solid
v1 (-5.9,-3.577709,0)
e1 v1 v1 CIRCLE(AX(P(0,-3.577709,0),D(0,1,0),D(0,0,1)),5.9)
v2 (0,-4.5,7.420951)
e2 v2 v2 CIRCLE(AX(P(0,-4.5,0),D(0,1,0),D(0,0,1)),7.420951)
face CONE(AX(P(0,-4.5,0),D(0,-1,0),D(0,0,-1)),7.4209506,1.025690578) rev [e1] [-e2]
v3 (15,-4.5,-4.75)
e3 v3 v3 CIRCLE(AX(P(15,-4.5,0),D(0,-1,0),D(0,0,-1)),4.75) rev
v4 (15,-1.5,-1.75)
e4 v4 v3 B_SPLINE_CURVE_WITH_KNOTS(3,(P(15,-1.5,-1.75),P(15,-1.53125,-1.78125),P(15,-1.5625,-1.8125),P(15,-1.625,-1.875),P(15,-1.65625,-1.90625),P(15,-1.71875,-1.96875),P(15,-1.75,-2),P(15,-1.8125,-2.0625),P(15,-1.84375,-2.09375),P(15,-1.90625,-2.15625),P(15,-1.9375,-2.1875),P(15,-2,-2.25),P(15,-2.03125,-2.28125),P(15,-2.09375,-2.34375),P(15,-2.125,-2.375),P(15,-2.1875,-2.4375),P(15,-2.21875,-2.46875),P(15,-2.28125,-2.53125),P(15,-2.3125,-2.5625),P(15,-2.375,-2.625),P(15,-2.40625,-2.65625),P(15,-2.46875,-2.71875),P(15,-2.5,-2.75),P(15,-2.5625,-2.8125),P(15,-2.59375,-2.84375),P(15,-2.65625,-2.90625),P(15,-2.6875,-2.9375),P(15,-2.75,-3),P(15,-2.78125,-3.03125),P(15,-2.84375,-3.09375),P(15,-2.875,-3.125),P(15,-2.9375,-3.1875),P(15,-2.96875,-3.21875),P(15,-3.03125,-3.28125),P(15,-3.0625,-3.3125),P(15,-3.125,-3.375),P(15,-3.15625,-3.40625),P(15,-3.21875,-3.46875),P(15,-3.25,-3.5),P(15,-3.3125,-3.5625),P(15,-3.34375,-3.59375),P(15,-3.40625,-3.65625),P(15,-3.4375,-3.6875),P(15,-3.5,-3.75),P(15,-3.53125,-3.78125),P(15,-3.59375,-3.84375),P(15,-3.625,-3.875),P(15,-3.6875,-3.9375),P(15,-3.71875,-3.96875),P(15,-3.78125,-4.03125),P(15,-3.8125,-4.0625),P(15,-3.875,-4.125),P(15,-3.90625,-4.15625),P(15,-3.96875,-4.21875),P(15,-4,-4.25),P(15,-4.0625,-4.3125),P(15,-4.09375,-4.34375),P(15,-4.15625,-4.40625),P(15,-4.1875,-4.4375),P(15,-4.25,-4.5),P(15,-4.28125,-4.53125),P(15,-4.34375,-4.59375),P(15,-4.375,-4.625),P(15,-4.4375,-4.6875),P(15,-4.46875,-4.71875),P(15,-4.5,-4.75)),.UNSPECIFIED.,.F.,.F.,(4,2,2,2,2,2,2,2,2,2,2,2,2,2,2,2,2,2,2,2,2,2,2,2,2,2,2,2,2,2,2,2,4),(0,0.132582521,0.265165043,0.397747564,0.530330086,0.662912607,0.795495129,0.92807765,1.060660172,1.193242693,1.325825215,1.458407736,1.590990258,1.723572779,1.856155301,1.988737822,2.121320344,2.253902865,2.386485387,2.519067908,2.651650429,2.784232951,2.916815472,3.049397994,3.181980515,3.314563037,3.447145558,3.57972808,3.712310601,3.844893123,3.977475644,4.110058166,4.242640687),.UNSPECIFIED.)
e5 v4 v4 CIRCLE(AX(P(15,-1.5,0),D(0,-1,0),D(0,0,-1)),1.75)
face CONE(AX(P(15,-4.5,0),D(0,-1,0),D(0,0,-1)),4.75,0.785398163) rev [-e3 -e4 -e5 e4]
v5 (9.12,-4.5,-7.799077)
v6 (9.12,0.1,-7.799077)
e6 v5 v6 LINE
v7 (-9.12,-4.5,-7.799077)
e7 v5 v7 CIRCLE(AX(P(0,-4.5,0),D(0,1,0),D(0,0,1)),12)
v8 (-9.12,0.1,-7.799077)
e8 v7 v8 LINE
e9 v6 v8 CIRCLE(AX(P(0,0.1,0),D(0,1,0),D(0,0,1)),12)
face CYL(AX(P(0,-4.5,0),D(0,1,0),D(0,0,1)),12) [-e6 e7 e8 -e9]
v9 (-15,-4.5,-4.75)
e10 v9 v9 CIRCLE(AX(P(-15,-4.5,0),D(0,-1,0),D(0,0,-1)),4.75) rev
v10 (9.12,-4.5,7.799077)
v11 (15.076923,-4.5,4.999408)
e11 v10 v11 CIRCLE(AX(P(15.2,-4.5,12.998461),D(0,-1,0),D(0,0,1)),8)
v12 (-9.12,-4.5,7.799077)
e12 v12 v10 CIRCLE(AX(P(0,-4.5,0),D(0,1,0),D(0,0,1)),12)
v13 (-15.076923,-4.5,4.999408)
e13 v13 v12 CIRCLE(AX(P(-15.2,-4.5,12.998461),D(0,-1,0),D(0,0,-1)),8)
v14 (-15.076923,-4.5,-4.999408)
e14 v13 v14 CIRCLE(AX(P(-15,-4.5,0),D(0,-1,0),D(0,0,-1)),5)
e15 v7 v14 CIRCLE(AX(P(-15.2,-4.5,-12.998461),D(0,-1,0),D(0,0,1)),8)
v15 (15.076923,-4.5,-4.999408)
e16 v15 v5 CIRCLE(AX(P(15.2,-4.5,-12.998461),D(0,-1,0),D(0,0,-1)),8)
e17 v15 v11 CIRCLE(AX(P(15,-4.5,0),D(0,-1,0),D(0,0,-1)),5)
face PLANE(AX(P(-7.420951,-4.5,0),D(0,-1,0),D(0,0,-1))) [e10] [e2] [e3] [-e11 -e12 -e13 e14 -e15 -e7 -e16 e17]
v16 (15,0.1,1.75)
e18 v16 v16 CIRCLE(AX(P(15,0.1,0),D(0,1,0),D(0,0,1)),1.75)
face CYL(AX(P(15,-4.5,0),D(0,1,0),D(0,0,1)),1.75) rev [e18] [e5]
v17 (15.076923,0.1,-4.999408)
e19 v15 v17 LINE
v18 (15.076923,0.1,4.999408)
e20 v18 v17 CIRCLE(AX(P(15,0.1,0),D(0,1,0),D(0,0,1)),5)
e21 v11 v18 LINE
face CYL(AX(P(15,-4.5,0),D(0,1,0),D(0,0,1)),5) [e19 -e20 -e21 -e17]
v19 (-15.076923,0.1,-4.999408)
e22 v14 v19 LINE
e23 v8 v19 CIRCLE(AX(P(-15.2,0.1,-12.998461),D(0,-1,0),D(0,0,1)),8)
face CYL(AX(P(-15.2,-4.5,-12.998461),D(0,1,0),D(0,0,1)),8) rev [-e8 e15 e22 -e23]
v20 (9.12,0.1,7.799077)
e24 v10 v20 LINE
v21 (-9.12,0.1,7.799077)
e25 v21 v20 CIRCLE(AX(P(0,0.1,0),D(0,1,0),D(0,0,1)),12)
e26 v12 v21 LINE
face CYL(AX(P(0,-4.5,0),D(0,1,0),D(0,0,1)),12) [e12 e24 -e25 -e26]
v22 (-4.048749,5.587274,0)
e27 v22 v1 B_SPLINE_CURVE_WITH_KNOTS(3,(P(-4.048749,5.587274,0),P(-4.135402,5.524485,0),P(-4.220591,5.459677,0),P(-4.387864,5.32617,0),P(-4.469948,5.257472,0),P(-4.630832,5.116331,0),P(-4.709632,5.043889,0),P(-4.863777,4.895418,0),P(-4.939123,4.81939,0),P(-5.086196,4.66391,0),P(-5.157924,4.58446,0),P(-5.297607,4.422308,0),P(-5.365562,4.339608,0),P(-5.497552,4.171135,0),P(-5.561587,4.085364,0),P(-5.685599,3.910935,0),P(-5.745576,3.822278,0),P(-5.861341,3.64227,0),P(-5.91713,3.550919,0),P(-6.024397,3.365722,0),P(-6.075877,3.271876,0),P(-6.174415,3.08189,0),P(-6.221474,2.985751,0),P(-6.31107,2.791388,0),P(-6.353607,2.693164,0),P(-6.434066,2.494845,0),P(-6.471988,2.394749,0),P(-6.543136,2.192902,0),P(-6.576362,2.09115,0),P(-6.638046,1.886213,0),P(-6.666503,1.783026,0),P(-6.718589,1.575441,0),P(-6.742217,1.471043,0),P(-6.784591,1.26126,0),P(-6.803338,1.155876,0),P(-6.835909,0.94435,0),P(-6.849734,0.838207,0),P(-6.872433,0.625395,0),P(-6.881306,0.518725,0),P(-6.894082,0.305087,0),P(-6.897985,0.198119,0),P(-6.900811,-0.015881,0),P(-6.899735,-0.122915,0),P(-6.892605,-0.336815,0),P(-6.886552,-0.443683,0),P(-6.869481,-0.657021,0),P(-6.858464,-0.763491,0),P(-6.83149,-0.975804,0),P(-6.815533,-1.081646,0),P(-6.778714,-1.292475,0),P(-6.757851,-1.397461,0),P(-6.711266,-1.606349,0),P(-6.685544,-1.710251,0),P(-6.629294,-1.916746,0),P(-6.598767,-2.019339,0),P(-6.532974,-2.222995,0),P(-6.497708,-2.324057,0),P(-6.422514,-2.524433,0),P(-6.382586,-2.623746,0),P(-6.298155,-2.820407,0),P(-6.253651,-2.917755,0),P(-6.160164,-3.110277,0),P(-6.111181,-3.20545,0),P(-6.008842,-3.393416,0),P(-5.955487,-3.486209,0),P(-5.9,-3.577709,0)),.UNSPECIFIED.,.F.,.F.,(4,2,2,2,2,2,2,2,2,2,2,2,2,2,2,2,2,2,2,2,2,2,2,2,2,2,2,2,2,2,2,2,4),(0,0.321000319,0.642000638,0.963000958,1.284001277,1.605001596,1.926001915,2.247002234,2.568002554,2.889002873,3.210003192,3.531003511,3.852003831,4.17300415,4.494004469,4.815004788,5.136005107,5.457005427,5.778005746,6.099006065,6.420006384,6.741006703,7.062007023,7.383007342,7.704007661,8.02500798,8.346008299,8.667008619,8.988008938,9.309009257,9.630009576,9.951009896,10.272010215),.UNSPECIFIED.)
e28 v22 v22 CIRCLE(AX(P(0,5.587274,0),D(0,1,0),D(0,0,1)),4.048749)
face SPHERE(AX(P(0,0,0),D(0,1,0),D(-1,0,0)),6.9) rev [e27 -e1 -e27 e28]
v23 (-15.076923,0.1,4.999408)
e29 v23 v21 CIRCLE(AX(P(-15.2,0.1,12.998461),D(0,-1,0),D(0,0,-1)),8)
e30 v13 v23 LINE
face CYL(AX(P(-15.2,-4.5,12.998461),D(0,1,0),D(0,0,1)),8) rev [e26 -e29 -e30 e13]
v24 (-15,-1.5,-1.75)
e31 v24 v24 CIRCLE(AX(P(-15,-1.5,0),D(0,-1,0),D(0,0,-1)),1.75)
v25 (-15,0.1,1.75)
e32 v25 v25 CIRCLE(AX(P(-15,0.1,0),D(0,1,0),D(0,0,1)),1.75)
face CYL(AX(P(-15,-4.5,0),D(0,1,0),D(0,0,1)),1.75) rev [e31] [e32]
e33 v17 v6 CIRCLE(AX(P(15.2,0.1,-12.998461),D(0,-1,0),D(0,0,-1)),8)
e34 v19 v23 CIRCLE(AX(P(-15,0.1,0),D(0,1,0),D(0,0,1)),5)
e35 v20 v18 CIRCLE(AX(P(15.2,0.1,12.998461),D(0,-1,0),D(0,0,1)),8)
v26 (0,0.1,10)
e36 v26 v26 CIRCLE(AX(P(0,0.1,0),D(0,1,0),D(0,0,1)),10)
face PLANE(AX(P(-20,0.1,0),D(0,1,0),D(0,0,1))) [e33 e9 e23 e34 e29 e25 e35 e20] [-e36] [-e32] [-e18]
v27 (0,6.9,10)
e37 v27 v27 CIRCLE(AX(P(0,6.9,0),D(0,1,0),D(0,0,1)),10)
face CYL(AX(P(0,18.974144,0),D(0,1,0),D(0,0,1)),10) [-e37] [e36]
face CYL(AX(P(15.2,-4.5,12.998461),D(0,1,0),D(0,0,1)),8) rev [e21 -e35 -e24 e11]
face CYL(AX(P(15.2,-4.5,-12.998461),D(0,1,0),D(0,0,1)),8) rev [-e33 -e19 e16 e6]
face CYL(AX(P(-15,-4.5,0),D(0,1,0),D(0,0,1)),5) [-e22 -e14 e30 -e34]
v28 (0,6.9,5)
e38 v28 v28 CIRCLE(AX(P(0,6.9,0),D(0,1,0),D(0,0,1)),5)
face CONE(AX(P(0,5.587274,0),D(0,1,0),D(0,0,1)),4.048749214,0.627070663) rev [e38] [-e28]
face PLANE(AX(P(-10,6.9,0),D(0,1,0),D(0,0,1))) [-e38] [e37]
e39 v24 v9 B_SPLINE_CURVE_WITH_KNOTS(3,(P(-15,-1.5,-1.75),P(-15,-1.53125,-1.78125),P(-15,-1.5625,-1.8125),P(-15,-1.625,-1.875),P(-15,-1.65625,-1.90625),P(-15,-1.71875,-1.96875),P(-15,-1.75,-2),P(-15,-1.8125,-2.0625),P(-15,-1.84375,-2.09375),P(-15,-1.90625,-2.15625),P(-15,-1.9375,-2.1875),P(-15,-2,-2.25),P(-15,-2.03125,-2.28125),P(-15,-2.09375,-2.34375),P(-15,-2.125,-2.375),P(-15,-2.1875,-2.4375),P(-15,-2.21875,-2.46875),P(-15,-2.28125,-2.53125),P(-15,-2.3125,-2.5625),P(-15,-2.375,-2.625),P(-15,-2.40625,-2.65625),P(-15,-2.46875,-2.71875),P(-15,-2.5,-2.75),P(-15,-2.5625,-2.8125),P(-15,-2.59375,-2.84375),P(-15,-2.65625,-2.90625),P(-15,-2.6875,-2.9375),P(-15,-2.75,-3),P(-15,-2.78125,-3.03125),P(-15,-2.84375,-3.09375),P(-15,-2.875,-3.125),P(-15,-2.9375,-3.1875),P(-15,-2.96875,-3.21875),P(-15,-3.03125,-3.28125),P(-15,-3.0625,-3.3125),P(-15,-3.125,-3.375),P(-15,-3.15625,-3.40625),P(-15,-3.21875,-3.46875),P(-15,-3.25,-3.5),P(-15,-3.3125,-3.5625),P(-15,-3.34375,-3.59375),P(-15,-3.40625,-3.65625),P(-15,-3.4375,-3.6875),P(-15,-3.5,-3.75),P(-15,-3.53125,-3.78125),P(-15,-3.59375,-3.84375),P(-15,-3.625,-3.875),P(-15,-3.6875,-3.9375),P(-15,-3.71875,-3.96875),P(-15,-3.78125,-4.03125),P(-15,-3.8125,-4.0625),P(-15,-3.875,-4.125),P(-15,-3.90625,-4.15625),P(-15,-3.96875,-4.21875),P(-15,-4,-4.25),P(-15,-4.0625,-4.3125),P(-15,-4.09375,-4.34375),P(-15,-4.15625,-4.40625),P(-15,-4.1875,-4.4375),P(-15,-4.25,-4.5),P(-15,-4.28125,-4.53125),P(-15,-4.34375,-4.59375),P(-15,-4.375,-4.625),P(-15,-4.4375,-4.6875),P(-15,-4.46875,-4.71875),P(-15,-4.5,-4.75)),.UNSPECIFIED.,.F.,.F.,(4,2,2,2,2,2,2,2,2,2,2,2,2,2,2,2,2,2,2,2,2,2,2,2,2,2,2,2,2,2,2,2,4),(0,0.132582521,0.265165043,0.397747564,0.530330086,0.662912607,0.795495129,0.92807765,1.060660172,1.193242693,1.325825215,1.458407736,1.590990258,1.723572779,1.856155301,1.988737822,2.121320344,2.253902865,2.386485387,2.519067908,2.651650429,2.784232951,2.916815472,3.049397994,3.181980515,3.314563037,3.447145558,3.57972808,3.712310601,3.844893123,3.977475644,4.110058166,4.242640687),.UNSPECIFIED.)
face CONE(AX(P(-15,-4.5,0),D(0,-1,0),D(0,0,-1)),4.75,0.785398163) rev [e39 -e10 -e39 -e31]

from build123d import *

# Parameters (mm, degrees)
ESQUISSE2_R             = 1.75
ENL_V_MAT_EXTRU_1_DEPTH = 30.090204537
CHANFREIN1_SIZE         = 3
ESQUISSE4_OUTSIDE_W     = 53.542
ESQUISSE4_OUTSIDE_H     = 53.542
ENL_V_MAT_EXTRU_2_DEPTH = 30.090204537


with BuildPart() as part:
    # Esquisse1 → Révolution1 (revolve)
    with BuildSketch(Plane.XY, mode=Mode.PRIVATE) as r_volution1_sk:
        with BuildLine():
            Line((-5.9, -3.577708764), (-7.4209506, -4.5))
            Line((-7.4209506, -4.5), (-20, -4.5))
            Line((-20, -4.5), (-20, 0.1))
            Line((-20, 0.1), (-10, 0.1))
            Line((-10, 0.1), (-10, 6.9))
            Line((-10, 6.9), (-5, 6.9))
            Line((-5, 6.9), (-4.048749214, 5.587273915))
            ThreePointArc((-4.048749214, 5.587273915), (-6.7634037, 1.366151673), (-5.9, -3.577708764))
        make_face()
    revolve(r_volution1_sk.sketch.rotate(Axis((0, 18.9741444, 0), (0, -1, 0)), 270), axis=Axis((0, 18.9741444, 0), (0, -1, 0)))

    # Esquisse2 → Enlèv. mat.-Extru.1 (cut, through all)
    with BuildSketch(Plane(origin=(0, 0.1, 0), x_dir=(1, 0, 0), z_dir=(0, 1, 0))):
        with Locations(Location((-15, 0, 0), (0, 0, 270))):
            Circle(ESQUISSE2_R)
        with Locations(Location((15, 0, 0), (0, 0, 270))):
            Circle(ESQUISSE2_R)
    extrude(amount=-ENL_V_MAT_EXTRU_1_DEPTH, mode=Mode.SUBTRACT)

    # Chanfrein1
    chanfrein1_edges = [part.edges().sort_by_distance(p)[0] for p in [
        (-15, -4.5, -1.75),
        (15, -4.5, -1.75),
    ]]
    chamfer(chanfrein1_edges, length=CHANFREIN1_SIZE)

    # Esquisse4 outside → Enlèv. mat.-Extru.2 (cut, through all)
    with BuildSketch(Plane(origin=(0, 0.1, 0), x_dir=(1, 0, 0), z_dir=(0, 1, 0))):
        Rectangle(ESQUISSE4_OUTSIDE_W, ESQUISSE4_OUTSIDE_H)
        with BuildLine():
            ThreePointArc((-9.12, -7.799076868), (0, -12), (9.12, -7.799076868))
            ThreePointArc((9.12, -7.799076868), (11.797195727, -5.758231957), (15.076923077, -4.999408249))
            ThreePointArc((15.076923077, -4.999408249), (20, 0), (15.076923077, 4.999408249))
            ThreePointArc((15.076923077, 4.999408249), (11.797195727, 5.758231957), (9.12, 7.799076868))
            ThreePointArc((9.12, 7.799076868), (0, 12), (-9.12, 7.799076868))
            ThreePointArc((-9.12, 7.799076868), (-11.797195727, 5.758231957), (-15.076923077, 4.999408249))
            ThreePointArc((-15.076923077, 4.999408249), (-20, 0), (-15.076923077, -4.999408249))
            ThreePointArc((-15.076923077, -4.999408249), (-11.797195727, -5.758231957), (-9.12, -7.799076868))
        make_face(mode=Mode.SUBTRACT)
    extrude(amount=-ENL_V_MAT_EXTRU_2_DEPTH, mode=Mode.SUBTRACT)


solid = part.part
